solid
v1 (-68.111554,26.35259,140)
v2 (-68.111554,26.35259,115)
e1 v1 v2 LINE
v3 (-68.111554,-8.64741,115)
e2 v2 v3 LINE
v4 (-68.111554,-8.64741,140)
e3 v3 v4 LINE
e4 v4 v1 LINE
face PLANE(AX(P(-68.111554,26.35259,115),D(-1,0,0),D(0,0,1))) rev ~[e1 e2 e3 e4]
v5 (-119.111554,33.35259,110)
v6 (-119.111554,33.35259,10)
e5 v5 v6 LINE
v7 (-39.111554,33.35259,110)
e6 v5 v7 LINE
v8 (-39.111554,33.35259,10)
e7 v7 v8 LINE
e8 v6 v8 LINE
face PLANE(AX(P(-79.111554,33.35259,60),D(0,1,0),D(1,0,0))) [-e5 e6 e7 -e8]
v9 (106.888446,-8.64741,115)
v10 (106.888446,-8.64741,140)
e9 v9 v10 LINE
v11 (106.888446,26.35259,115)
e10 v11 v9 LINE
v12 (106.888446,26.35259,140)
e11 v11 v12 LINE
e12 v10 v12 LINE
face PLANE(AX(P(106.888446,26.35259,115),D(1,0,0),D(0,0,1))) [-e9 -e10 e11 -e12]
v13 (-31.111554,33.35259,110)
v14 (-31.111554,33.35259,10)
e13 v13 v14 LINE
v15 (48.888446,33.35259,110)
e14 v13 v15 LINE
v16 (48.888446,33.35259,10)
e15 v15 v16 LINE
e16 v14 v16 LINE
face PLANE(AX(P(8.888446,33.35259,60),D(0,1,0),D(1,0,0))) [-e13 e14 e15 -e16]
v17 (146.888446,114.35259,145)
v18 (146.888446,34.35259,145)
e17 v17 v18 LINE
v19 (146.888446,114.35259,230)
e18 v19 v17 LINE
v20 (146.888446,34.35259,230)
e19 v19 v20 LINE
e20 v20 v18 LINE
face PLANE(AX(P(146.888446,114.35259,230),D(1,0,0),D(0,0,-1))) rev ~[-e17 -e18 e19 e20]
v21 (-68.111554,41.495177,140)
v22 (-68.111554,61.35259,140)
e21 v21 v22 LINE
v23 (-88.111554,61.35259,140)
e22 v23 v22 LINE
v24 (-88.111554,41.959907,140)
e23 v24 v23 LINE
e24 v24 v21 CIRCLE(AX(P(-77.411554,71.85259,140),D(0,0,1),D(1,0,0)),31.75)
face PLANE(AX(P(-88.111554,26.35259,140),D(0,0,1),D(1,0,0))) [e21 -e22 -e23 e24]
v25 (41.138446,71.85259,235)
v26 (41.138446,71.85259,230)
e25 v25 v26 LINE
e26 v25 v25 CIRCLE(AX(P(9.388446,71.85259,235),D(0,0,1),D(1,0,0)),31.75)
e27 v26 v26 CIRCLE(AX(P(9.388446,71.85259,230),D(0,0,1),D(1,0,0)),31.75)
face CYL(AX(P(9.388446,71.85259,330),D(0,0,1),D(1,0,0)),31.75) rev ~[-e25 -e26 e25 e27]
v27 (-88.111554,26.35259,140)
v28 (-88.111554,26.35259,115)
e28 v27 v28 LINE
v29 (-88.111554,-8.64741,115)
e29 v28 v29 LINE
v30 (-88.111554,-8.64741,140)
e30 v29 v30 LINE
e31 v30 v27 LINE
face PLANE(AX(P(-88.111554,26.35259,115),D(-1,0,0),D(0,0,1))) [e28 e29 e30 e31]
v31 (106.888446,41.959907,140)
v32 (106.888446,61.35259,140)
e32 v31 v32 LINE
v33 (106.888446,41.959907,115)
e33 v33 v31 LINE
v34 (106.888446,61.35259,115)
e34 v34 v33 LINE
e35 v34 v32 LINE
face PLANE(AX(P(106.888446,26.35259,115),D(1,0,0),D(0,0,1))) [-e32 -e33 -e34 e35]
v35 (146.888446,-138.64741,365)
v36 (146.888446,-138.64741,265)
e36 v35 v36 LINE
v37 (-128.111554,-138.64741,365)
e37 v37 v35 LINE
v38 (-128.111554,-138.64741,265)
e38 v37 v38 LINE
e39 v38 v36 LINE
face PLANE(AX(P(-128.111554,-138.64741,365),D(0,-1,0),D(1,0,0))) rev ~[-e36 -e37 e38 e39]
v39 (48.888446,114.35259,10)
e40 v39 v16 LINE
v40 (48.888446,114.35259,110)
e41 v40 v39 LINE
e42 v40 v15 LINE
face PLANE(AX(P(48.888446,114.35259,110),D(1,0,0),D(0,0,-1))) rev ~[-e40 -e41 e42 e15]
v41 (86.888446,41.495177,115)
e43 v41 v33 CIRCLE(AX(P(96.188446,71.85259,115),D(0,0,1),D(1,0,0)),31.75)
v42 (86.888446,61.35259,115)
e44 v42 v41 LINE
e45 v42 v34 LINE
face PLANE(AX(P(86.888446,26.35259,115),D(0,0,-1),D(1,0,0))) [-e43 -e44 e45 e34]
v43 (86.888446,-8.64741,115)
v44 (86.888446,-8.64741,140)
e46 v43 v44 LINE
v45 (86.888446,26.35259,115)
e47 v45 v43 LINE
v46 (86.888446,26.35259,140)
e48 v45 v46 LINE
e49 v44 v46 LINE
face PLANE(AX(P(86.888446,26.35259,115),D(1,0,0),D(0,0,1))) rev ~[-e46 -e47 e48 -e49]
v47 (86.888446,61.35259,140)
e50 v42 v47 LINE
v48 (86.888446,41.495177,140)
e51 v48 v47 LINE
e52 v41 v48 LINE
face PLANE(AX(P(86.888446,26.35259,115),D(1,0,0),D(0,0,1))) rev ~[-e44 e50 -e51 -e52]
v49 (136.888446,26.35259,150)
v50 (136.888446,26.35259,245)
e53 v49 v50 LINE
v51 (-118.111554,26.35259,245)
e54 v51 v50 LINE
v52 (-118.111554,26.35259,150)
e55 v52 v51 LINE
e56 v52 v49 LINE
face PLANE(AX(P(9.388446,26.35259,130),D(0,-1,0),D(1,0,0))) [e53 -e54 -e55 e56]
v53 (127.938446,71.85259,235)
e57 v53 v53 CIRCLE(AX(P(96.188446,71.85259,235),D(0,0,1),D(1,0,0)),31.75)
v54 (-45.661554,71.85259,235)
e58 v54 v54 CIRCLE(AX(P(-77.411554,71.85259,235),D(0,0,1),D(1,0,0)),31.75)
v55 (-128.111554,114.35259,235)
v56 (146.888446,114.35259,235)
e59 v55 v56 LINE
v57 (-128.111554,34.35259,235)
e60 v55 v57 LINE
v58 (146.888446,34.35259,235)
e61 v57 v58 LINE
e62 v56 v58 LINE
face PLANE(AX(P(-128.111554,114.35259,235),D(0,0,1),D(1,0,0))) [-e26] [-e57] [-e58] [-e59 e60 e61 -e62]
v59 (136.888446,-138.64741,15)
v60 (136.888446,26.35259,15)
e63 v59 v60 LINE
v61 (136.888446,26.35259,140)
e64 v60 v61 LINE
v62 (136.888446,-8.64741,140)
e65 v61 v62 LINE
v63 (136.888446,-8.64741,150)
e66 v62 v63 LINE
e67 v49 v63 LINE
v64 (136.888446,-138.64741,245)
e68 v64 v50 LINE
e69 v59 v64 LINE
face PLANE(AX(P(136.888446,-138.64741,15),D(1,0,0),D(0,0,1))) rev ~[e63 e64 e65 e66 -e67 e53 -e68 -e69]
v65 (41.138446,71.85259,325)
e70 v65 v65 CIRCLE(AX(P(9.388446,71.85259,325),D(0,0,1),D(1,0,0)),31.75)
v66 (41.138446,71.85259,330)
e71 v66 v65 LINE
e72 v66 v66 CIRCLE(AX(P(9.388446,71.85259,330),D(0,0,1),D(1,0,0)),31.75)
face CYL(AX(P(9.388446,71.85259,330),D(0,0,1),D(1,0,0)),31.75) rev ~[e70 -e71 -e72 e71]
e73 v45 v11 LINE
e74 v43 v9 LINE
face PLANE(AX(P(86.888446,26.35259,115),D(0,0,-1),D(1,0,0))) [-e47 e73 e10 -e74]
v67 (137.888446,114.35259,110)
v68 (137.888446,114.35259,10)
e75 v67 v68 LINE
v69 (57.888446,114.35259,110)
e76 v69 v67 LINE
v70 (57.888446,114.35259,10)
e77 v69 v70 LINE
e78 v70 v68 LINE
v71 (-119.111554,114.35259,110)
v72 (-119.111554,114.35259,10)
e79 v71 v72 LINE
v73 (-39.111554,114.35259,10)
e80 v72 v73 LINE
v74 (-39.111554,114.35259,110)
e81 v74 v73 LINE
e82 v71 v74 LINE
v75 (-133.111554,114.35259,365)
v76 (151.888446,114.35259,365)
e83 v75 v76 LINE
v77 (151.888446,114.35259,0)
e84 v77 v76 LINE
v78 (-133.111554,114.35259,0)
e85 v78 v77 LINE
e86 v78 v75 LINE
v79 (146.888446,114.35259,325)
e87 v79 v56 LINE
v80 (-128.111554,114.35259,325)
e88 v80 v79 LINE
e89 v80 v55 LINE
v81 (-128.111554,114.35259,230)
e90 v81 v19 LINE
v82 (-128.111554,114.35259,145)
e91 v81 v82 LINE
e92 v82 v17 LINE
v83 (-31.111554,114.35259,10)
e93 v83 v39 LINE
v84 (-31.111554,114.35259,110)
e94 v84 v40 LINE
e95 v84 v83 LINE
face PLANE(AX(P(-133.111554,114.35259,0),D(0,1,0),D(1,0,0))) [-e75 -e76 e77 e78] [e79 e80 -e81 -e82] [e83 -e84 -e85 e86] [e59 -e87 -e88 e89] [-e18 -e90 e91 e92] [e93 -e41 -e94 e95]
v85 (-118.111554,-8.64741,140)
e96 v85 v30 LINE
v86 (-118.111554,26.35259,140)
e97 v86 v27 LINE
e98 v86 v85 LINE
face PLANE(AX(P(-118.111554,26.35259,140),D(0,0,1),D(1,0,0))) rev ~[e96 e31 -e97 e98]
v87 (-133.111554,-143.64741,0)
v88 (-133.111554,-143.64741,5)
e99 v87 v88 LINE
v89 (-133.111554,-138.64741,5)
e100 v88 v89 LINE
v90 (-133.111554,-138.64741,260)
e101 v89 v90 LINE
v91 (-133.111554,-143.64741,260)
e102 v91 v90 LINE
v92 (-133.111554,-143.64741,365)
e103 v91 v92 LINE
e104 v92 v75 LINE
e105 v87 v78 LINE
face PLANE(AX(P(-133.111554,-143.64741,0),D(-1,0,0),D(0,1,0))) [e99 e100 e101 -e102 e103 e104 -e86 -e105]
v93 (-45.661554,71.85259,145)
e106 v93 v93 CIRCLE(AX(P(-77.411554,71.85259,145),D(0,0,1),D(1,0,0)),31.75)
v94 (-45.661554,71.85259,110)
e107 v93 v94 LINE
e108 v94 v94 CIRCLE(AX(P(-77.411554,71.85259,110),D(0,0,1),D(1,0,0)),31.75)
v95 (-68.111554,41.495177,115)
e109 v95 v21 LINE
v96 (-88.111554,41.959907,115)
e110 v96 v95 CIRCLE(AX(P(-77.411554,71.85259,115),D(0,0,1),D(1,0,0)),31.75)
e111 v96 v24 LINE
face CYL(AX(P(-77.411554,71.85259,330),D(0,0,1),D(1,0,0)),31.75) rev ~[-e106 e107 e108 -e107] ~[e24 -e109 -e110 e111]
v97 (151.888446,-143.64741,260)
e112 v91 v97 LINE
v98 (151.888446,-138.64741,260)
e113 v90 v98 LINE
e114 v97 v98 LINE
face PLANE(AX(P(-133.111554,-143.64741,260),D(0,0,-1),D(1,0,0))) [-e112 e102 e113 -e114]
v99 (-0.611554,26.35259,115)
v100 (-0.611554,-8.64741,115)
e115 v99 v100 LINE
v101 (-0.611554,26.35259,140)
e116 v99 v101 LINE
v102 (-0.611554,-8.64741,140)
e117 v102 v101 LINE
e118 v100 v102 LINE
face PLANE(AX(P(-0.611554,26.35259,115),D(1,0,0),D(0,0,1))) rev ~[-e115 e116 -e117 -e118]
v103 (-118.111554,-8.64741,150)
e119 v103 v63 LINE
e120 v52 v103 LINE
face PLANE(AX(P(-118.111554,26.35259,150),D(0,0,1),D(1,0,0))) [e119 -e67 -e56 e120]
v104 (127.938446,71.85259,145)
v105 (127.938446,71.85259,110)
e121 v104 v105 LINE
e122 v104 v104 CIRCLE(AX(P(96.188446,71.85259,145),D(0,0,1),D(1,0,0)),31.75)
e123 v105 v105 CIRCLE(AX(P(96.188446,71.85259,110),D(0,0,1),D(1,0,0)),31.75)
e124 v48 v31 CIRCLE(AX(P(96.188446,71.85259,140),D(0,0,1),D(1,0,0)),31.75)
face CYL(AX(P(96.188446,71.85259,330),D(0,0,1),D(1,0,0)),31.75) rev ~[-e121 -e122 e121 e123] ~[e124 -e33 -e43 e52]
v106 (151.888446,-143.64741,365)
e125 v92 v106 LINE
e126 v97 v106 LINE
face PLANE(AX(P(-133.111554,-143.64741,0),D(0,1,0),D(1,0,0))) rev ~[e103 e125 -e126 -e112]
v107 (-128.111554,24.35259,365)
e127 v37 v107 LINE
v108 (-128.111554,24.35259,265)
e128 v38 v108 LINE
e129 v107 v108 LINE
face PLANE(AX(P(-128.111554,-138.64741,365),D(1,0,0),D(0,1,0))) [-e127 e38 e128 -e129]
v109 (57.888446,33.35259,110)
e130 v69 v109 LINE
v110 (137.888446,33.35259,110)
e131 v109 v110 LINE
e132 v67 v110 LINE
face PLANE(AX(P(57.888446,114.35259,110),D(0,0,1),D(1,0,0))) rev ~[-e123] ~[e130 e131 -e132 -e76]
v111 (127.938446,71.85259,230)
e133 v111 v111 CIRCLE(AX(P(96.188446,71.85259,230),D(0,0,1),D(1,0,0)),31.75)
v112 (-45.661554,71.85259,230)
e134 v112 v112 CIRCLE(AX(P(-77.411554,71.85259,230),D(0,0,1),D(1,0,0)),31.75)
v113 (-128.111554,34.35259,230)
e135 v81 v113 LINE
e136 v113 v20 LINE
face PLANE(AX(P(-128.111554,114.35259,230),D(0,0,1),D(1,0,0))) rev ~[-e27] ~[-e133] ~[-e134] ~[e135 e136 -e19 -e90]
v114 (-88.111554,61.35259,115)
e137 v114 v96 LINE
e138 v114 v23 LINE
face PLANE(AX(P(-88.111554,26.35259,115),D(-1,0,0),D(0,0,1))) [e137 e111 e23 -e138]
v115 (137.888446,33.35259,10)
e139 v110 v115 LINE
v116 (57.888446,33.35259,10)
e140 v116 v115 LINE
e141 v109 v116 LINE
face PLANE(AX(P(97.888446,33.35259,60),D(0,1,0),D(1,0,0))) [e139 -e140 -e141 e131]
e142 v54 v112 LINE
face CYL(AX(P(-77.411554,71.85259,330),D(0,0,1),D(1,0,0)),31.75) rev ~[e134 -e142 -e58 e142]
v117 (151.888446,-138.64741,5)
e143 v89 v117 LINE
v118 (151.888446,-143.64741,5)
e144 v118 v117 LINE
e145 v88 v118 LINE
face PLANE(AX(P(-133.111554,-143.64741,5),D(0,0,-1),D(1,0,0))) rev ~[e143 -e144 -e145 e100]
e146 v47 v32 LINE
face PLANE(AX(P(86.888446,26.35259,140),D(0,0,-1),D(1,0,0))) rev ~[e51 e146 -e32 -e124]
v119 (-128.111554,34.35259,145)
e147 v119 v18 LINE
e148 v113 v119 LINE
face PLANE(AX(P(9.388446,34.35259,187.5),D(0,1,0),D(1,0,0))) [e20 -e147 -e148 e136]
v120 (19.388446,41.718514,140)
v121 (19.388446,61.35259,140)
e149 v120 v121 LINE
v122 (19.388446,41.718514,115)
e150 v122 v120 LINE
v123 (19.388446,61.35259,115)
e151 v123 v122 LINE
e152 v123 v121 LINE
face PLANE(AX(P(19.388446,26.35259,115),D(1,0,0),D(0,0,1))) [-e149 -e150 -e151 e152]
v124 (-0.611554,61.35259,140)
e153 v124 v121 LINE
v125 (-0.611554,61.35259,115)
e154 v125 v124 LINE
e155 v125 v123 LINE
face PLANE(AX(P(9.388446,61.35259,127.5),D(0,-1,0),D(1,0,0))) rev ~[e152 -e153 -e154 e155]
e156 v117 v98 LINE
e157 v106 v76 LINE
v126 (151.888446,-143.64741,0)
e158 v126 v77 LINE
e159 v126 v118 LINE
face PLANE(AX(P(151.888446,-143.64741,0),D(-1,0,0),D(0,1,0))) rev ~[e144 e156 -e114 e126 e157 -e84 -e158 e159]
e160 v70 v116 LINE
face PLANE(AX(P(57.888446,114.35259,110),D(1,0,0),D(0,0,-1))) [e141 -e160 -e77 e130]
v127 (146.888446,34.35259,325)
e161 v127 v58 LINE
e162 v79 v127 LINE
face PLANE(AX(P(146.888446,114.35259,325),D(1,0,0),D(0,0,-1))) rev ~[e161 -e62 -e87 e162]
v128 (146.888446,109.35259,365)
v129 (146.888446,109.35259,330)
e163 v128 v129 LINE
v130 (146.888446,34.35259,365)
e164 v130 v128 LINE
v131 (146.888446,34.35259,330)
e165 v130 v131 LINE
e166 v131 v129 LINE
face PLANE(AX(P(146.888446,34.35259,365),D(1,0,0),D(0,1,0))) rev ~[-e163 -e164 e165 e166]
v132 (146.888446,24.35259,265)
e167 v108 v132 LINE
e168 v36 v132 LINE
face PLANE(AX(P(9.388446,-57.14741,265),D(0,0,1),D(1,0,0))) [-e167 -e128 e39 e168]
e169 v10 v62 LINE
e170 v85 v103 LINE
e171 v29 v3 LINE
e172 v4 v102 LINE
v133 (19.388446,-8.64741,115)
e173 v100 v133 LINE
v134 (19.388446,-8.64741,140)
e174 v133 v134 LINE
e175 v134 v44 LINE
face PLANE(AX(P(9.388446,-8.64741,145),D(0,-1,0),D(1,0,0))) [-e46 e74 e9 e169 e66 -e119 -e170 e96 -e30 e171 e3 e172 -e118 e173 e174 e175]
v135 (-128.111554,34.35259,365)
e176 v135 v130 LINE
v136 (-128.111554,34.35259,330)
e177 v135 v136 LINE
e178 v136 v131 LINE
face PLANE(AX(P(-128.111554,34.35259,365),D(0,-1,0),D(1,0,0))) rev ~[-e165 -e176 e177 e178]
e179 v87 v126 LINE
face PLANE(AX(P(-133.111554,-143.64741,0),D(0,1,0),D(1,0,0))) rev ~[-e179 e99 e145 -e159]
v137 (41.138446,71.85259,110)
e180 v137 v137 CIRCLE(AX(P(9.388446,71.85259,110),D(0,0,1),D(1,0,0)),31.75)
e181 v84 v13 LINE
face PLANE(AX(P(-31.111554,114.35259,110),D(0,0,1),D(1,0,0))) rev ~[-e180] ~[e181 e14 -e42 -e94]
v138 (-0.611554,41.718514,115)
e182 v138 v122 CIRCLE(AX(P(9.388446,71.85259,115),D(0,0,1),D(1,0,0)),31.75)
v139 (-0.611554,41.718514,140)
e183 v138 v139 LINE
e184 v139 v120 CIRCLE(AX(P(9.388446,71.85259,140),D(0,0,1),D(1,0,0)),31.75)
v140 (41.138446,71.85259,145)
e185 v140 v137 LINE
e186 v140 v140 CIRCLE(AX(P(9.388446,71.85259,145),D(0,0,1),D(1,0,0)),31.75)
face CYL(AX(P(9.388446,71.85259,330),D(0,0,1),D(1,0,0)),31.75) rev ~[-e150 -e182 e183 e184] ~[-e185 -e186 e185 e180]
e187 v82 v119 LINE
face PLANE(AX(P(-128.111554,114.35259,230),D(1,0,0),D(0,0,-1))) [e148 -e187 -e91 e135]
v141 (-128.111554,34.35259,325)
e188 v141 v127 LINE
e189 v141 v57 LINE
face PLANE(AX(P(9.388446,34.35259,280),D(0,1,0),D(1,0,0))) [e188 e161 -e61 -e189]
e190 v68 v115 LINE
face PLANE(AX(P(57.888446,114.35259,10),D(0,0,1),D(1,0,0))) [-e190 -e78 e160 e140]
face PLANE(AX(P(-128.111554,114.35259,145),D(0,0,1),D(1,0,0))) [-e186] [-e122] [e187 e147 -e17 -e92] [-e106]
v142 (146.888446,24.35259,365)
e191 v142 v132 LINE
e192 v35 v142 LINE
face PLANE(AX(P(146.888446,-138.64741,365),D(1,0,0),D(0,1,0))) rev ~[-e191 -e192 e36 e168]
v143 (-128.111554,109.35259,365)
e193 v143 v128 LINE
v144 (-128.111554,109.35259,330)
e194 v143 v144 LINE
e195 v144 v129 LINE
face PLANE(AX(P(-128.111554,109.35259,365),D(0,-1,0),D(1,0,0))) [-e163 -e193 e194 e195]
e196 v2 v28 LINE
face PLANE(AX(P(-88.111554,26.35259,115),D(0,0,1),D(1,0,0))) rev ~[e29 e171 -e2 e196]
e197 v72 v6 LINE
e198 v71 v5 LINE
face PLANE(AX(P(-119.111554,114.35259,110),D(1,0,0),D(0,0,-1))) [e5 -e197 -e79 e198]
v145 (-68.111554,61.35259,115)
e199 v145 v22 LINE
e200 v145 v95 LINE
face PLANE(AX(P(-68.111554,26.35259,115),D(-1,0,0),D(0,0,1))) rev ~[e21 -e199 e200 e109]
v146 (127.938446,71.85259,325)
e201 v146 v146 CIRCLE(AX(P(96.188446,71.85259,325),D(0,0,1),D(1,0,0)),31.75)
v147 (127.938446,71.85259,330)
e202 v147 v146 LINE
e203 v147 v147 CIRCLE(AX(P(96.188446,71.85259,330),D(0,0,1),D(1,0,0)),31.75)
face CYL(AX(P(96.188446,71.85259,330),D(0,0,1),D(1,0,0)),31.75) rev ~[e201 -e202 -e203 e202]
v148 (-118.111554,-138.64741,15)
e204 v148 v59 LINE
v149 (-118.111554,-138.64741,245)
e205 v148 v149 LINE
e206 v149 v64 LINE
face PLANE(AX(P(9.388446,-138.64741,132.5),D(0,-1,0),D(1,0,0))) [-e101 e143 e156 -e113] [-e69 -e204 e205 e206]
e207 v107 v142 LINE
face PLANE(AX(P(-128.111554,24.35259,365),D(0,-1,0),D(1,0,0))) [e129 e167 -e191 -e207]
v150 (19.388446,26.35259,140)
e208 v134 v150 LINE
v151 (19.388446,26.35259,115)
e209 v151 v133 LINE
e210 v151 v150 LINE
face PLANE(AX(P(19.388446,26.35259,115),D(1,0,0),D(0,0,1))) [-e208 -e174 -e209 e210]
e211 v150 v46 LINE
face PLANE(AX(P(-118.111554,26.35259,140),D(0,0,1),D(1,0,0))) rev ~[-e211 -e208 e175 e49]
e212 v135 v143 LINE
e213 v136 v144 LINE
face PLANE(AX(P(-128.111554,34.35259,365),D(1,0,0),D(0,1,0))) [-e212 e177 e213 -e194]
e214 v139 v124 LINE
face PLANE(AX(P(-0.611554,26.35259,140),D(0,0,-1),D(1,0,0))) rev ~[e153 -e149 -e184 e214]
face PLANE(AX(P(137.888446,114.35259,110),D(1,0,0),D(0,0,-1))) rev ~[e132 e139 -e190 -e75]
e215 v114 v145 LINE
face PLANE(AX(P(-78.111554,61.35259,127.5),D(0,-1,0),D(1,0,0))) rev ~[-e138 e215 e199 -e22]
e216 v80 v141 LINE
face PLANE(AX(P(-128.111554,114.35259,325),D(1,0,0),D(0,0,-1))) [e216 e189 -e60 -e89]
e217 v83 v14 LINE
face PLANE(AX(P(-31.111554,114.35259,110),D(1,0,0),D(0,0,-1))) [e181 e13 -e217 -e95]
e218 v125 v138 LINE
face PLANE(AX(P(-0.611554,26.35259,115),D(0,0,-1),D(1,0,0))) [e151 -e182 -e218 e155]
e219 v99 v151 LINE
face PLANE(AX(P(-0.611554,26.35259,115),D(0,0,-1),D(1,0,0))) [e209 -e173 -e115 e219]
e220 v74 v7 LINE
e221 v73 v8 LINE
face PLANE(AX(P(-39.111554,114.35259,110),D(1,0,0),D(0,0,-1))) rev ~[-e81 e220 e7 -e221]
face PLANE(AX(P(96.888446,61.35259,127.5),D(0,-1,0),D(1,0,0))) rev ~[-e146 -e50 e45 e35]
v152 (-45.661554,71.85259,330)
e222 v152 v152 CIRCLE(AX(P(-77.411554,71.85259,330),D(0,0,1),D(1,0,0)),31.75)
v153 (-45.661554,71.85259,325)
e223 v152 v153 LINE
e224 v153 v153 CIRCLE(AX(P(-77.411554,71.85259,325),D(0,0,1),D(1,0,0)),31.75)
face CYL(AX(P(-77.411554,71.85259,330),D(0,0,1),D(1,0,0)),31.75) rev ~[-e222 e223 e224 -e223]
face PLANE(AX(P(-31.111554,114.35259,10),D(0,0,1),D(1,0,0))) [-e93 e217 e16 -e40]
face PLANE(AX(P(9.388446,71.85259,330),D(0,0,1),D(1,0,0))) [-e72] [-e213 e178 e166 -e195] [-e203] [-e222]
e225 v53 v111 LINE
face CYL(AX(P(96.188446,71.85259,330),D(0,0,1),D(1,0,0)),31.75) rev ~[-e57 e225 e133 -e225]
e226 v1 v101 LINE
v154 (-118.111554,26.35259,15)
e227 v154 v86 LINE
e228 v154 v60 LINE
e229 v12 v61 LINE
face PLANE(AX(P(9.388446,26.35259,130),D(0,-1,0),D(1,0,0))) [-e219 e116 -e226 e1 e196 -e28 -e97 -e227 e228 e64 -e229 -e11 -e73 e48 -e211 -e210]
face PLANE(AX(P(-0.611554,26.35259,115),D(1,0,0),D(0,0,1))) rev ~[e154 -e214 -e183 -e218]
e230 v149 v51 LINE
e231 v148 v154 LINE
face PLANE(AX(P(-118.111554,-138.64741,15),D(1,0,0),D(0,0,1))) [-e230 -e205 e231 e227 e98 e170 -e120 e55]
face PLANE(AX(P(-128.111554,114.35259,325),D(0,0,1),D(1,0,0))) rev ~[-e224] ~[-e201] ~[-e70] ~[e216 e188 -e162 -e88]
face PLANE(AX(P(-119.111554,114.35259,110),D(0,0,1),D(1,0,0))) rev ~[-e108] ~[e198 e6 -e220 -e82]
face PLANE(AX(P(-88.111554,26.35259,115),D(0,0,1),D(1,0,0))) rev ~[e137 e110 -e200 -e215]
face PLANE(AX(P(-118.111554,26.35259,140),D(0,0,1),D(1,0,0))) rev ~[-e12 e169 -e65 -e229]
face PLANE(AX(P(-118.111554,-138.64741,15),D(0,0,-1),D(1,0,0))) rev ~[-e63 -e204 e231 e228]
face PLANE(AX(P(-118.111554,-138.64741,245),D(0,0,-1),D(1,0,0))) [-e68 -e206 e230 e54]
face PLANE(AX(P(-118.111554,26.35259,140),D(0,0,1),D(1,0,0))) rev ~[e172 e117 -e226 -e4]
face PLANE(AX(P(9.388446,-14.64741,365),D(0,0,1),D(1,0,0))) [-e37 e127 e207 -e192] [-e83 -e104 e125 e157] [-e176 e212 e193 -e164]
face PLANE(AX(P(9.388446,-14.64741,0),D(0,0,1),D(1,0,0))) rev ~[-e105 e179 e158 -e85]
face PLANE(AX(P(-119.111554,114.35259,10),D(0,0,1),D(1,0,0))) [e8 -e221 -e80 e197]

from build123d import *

# Parameters (mm, degrees)
SKETCH2_W           = 285
SKETCH2_H           = 258
BOSS_EXTRUDE1_DEPTH = 365
SKETCH3_W           = 275
SKETCH3_H           = 75
CUT_EXTRUDE1_DEPTH  = 35
SKETCH5_W           = 80
SKETCH5_H           = 100
CUT_EXTRUDE2_DEPTH  = 81
SKETCH4_R           = 31.75
CUT_EXTRUDE4_DEPTH  = 276
SKETCH6_W           = 275
SKETCH6_H           = 85
SKETCH6_H_2         = 90
CUT_EXTRUDE6_DEPTH  = 80
SKETCH8_W           = 275
SKETCH8_H           = 163
CUT_EXTRUDE10_DEPTH = 100
SKETCH16_W          = 285
SKETCH16_H          = 255
CUT_EXTRUDE11_DEPTH = 5
SKETCH17_W          = 255
SKETCH17_H          = 230
CUT_EXTRUDE12_DEPTH = 165
SKETCH18_W          = 255
SKETCH18_H          = 10
BOSS_EXTRUDE2_DEPTH = 35
SKETCH19_W          = 20
SKETCH19_H          = 25
BOSS_EXTRUDE3_DEPTH = 35
SKETCH20_W          = 20
SKETCH20_H          = 25
BOSS_EXTRUDE4_DEPTH = 35


with BuildPart() as part:
    # Sketch2 → Boss-Extrude1 (new body)
    with BuildSketch(Plane.XY):
        with Locations((9.388446215, -14.647410359)):
            Rectangle(SKETCH2_W, SKETCH2_H)
    extrude(amount=BOSS_EXTRUDE1_DEPTH)

    # Sketch3 → Cut-Extrude1 (cut)
    with BuildSketch(Plane.XY.offset(365)):
        with Locations((9.388446215, 71.852589641)):
            Rectangle(SKETCH3_W, SKETCH3_H)
    extrude(amount=-CUT_EXTRUDE1_DEPTH, mode=Mode.SUBTRACT)

    # Sketch5 → Cut-Extrude2 (cut)
    with BuildSketch(Plane(origin=(0, 114.352589641, 0), x_dir=(1, 0, 0), z_dir=(0, 1, 0))):
        with Locations((-79.111553785, -60)):
            Rectangle(SKETCH5_W, SKETCH5_H)
        with Locations((8.888446215, -60)):
            Rectangle(SKETCH5_W, SKETCH5_H)
        with Locations((97.888446215, -60)):
            Rectangle(SKETCH5_W, SKETCH5_H)
    extrude(amount=-CUT_EXTRUDE2_DEPTH, mode=Mode.SUBTRACT)

    # Sketch4 → Cut-Extrude4 (cut)
    with BuildSketch(Plane.XY.offset(330)):
        with Locations((-77.411553785, 71.852589641)):
            Circle(SKETCH4_R)
        with Locations((9.388446215, 71.852589641)):
            Circle(SKETCH4_R)
        with Locations((96.188446215, 71.852589641)):
            Circle(SKETCH4_R)
    extrude(amount=-CUT_EXTRUDE4_DEPTH, mode=Mode.SUBTRACT)

    # Sketch6 → Cut-Extrude6 (cut)
    with BuildSketch(Plane(origin=(0, 114.352589641, 0), x_dir=(1, 0, 0), z_dir=(0, 1, 0))):
        with Locations((9.388446215, -187.5)):
            Rectangle(SKETCH6_W, SKETCH6_H)
        with Locations((9.388446215, -280)):
            Rectangle(SKETCH6_W, SKETCH6_H_2)
    extrude(amount=-CUT_EXTRUDE6_DEPTH, mode=Mode.SUBTRACT)

    # Sketch8 → Cut-Extrude10 (cut)
    with BuildSketch(Plane.XY.offset(365)):
        with Locations((9.388446215, -57.147410359)):
            Rectangle(SKETCH8_W, SKETCH8_H)
    extrude(amount=-CUT_EXTRUDE10_DEPTH, mode=Mode.SUBTRACT)

    # Sketch16 → Cut-Extrude11 (cut)
    with BuildSketch(Plane.XZ.offset(143.647410359)):
        with Locations((9.388446215, 132.5)):
            Rectangle(SKETCH16_W, SKETCH16_H)
    extrude(amount=-CUT_EXTRUDE11_DEPTH, mode=Mode.SUBTRACT)

    # Sketch17 → Cut-Extrude12 (cut)
    with BuildSketch(Plane.XZ.offset(138.647410359)):
        with Locations((9.388446215, 130)):
            Rectangle(SKETCH17_W, SKETCH17_H)
    extrude(amount=-CUT_EXTRUDE12_DEPTH, mode=Mode.SUBTRACT)

    # Sketch18 → Boss-Extrude2 (add)
    with BuildSketch(Plane.XZ.offset(-26.352589641)):
        with Locations((9.388446215, 145)):
            Rectangle(SKETCH18_W, SKETCH18_H)
    extrude(amount=BOSS_EXTRUDE2_DEPTH)

    # Sketch19 → Boss-Extrude3 (add, symmetric)
    with BuildSketch(Plane.XZ.offset(-26.352589641)):
        with Locations((9.388446215, 127.5)):
            Rectangle(SKETCH19_W, SKETCH19_H)
    extrude(amount=BOSS_EXTRUDE3_DEPTH, both=True)

    # Sketch20 → Boss-Extrude4 (add, symmetric)
    with BuildSketch(Plane.XZ.offset(-26.352589641)):
        with Locations((-78.111553785, 127.5)):
            Rectangle(SKETCH20_W, SKETCH20_H)
        with Locations((96.888446215, 127.5)):
            Rectangle(SKETCH20_W, SKETCH20_H)
    extrude(amount=BOSS_EXTRUDE4_DEPTH, both=True)


solid = part.part
